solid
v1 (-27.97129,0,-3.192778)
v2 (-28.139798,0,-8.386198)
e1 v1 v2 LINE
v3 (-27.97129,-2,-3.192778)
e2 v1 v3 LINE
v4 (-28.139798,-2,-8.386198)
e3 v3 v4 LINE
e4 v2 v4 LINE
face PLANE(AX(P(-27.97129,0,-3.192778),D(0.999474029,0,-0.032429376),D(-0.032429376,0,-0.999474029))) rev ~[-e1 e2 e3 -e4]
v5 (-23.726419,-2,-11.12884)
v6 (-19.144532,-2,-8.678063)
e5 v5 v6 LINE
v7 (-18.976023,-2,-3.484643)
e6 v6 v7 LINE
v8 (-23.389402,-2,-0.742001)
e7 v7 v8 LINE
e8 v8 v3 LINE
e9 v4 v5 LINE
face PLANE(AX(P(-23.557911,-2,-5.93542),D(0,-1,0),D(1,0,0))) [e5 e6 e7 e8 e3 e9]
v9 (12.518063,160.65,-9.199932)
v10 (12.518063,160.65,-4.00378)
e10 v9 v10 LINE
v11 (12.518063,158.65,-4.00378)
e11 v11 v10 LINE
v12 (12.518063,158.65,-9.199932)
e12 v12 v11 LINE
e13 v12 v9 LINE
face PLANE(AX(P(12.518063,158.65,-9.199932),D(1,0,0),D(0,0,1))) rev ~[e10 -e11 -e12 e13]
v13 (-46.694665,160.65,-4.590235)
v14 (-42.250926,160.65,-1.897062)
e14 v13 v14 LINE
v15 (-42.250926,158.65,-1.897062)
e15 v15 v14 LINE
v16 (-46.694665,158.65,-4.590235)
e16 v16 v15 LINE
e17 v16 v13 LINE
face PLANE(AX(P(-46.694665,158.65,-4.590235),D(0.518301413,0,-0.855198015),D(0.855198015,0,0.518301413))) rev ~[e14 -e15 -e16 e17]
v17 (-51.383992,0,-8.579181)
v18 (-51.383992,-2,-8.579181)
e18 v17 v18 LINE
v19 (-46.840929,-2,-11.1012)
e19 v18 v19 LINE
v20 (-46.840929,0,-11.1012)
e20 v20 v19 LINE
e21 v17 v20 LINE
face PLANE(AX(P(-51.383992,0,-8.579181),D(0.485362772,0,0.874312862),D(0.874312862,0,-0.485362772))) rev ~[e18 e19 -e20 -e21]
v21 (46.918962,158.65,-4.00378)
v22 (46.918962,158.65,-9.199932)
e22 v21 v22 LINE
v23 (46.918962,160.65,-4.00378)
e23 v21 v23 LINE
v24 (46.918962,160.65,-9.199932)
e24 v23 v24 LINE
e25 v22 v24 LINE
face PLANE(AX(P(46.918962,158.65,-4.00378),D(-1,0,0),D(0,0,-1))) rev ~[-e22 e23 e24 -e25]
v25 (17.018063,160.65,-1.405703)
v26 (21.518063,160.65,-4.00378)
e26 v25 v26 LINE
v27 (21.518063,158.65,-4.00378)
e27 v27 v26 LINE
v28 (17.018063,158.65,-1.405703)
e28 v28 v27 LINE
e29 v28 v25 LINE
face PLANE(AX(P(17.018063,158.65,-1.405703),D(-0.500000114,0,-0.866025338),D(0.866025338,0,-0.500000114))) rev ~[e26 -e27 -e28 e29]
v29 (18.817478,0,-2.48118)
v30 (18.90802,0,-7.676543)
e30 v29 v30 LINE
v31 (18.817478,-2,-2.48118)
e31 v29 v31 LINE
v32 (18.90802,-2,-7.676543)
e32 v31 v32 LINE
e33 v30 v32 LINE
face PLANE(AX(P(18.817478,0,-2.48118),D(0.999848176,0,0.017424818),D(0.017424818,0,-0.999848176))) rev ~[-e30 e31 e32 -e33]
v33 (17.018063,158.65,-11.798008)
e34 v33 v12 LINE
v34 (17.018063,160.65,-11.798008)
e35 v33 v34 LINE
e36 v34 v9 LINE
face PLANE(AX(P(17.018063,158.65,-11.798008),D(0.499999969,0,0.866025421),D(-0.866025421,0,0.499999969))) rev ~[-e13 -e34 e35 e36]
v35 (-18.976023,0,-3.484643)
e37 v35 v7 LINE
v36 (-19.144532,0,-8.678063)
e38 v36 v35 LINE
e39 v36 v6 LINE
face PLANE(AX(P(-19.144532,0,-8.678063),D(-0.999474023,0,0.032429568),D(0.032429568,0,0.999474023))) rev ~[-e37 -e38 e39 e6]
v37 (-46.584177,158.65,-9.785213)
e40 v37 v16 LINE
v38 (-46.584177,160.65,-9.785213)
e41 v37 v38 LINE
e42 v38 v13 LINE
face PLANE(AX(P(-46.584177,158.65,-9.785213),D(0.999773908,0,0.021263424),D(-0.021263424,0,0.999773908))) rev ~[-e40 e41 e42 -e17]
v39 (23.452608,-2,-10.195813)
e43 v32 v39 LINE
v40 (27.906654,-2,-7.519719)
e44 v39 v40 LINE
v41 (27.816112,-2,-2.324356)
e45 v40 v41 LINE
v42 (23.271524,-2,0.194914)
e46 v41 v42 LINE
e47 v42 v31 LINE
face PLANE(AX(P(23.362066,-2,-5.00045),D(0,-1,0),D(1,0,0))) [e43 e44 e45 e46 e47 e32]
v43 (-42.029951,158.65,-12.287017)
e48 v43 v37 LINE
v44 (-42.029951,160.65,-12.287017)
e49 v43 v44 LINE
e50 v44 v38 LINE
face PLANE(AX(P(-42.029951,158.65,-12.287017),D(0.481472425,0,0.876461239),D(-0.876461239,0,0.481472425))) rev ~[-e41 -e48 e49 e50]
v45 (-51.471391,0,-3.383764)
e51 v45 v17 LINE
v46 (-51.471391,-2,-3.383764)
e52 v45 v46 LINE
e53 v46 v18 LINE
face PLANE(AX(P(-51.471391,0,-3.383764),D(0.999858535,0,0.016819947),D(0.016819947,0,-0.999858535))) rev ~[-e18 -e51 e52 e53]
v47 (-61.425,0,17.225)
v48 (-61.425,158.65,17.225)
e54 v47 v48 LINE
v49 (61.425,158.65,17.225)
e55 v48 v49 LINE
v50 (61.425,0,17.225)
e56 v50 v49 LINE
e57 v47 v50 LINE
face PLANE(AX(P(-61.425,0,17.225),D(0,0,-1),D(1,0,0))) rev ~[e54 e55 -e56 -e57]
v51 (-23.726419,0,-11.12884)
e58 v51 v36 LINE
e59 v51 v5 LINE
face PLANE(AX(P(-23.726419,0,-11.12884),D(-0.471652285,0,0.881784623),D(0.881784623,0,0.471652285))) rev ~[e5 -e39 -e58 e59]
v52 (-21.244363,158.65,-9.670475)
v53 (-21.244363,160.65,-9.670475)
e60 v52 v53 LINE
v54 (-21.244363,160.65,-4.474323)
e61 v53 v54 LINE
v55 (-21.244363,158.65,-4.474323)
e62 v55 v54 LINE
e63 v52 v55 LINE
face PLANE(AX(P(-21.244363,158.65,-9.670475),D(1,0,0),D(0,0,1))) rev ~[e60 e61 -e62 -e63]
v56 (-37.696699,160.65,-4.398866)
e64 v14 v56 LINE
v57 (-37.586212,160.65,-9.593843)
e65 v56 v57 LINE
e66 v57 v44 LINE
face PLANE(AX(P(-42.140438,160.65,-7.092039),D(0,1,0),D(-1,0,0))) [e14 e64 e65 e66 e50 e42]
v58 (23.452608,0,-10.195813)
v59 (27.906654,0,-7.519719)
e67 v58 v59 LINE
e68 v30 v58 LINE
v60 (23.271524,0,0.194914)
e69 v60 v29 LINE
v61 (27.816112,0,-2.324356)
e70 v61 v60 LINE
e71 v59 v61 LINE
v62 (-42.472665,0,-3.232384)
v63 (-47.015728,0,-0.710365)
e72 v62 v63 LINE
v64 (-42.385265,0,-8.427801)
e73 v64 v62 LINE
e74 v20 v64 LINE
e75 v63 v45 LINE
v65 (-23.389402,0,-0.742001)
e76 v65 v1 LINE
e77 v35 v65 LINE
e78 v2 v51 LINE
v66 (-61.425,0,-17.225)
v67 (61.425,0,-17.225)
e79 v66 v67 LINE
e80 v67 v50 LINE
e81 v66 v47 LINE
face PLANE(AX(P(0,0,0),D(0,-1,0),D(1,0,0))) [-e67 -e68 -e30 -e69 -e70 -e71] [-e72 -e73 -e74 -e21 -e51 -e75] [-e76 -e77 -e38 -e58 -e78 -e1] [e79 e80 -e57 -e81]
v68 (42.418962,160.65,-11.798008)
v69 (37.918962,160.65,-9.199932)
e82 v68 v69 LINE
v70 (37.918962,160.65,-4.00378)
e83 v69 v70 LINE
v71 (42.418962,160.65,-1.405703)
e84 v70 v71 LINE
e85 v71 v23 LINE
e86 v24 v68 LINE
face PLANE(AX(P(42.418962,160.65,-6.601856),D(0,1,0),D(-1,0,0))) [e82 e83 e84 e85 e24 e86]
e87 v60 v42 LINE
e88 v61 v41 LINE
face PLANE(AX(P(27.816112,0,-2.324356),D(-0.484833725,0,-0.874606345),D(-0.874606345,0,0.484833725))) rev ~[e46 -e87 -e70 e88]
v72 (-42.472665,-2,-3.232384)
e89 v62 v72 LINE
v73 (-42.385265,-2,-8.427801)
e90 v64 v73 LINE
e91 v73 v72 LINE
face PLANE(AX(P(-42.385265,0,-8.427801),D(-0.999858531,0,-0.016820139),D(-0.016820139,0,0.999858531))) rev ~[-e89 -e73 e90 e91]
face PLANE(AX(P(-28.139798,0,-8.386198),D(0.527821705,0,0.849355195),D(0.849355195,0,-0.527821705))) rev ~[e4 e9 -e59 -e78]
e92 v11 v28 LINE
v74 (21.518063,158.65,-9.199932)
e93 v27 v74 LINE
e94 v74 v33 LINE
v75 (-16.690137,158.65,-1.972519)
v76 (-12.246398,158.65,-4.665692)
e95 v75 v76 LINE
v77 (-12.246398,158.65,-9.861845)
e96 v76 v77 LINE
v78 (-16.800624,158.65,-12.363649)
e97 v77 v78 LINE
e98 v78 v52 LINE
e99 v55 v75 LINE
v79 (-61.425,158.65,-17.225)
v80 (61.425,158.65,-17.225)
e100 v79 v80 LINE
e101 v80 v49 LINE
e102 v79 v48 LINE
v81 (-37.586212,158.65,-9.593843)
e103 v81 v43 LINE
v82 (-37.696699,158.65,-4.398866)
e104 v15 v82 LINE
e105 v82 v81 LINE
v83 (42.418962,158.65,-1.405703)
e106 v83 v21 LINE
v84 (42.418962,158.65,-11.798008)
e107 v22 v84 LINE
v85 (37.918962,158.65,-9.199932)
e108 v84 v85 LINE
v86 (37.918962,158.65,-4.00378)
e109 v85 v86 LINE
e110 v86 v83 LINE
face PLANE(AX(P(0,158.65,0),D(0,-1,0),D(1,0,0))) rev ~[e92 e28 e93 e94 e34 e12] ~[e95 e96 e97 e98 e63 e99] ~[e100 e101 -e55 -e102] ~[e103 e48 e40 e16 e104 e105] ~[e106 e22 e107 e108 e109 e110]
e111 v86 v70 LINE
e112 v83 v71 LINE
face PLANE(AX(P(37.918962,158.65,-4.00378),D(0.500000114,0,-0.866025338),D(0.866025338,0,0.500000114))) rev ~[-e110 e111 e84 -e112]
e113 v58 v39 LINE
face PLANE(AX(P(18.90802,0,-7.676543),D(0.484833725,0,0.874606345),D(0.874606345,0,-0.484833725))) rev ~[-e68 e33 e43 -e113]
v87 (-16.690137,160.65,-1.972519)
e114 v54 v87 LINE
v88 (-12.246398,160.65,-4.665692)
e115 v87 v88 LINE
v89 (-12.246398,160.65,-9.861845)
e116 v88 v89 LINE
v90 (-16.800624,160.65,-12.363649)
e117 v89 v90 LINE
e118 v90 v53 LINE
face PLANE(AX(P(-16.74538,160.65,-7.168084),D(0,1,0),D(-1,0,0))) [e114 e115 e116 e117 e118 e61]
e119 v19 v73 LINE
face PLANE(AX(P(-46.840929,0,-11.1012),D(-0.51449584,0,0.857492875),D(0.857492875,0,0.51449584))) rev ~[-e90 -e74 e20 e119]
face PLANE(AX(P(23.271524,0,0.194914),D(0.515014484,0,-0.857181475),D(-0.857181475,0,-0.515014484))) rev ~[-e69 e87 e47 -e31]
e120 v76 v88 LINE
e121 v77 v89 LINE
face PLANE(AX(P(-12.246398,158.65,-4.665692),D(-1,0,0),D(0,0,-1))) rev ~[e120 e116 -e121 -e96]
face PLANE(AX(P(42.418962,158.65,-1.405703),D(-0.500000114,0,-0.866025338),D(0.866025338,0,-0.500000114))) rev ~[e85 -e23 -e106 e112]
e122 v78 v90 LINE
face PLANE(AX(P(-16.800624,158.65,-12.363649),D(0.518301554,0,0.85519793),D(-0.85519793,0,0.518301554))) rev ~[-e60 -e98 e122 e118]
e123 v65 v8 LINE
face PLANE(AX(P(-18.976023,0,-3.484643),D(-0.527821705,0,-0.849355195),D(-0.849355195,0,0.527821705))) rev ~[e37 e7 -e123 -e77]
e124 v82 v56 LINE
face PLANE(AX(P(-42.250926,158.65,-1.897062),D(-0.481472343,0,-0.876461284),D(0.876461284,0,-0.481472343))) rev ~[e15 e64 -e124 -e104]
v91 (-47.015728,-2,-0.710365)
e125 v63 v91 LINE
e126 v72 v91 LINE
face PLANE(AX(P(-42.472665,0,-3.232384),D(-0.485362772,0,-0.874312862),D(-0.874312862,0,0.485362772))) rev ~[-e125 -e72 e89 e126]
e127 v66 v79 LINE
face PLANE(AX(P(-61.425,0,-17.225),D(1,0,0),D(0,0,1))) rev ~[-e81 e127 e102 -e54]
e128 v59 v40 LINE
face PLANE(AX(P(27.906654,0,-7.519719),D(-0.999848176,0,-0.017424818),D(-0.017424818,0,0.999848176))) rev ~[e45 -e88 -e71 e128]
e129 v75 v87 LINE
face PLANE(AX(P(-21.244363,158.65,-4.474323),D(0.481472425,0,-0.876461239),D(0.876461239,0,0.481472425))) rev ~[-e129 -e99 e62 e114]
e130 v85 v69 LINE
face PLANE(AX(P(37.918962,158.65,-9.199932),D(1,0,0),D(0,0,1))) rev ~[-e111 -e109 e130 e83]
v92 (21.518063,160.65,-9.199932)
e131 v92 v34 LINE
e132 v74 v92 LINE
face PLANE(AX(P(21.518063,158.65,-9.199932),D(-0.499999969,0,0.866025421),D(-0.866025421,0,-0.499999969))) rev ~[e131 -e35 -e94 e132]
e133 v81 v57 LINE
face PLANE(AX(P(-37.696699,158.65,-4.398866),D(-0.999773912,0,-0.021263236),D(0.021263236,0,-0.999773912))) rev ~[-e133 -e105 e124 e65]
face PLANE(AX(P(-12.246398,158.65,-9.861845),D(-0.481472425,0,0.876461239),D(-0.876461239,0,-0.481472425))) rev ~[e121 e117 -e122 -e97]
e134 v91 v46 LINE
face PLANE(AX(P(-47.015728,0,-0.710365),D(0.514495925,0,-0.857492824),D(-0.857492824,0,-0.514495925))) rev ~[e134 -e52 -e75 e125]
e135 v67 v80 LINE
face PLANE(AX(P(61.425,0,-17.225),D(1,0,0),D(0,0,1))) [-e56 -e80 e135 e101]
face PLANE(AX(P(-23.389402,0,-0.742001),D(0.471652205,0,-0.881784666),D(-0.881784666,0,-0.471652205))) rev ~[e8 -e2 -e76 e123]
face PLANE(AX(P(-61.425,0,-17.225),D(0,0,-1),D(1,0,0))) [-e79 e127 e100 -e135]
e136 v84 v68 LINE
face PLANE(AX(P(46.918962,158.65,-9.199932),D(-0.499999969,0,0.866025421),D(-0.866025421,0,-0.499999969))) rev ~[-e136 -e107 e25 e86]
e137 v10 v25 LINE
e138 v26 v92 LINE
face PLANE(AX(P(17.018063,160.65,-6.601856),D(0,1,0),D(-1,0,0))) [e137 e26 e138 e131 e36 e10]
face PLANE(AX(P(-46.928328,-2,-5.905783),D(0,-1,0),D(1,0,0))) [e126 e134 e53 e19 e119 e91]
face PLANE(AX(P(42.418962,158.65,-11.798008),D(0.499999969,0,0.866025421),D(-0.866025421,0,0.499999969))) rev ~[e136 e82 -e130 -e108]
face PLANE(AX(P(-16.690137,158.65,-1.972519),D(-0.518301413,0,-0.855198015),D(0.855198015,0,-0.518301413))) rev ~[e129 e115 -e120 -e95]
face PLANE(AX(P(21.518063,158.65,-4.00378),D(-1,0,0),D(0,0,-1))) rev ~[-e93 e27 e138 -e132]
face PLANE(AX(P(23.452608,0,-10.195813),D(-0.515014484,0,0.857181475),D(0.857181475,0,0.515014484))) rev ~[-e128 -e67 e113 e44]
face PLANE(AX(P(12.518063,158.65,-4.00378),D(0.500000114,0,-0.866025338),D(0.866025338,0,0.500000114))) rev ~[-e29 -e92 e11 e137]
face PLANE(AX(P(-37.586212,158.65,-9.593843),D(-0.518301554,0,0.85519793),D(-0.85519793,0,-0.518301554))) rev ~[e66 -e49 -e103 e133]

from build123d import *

# Parameters (mm, degrees)
F0_W     = 122.85
F0_H     = 34.45
F2_DEPTH = 158.65
F3_DEPTH = 2
F7_DEPTH = 2


with BuildPart() as f2:
    # F0 (on Front) → F2 (new body)
    with BuildSketch(Plane.XZ):
        Rectangle(F0_W, F0_H)
    extrude(amount=-F2_DEPTH)

    # F1 (on Front) → F3 (join)
    with BuildSketch(Plane.XZ):
        Polygon((-46.840929, -11.1012), (-42.385265, -8.427801), (-42.472665, -3.232384), (-47.015728, -0.710365), (-51.471391, -3.383764), (-51.383992, -8.579181), align=None)
        Polygon((-23.726419, -11.12884), (-19.144532, -8.678063), (-18.976023, -3.484643), (-23.389402, -0.742001), (-27.97129, -3.192778), (-28.139798, -8.386198), align=None)
        Polygon((23.452608, -10.195813), (27.906654, -7.519719), (27.816112, -2.324356), (23.271524, 0.194914), (18.817478, -2.48118), (18.90802, -7.676543), align=None)
    extrude(amount=F3_DEPTH)

    # F6 (on face) → F7 (join)
    with BuildSketch(Plane(origin=(0, 158.65, 0), x_dir=(-1, 0, 0), z_dir=(0, 1, 0))):
        Polygon((37.586212, -9.593843), (42.029951, -12.287017), (46.584177, -9.785213), (46.694665, -4.590235), (42.250926, -1.897062), (37.696699, -4.398866), align=None)
        Polygon((16.800624, -12.363649), (21.244363, -9.670475), (21.244363, -4.474323), (16.690137, -1.972519), (12.246398, -4.665692), (12.246398, -9.861845), align=None)
        Polygon((-21.518063, -9.199932), (-17.018063, -11.798008), (-12.518063, -9.199932), (-12.518063, -4.00378), (-17.018063, -1.405703), (-21.518063, -4.00378), align=None)
        Polygon((-42.418962, -1.405703), (-46.918962, -4.00378), (-46.918962, -9.199932), (-42.418962, -11.798008), (-37.918962, -9.199932), (-37.918962, -4.00378), align=None)
    extrude(amount=F7_DEPTH)


solid = f2.part
